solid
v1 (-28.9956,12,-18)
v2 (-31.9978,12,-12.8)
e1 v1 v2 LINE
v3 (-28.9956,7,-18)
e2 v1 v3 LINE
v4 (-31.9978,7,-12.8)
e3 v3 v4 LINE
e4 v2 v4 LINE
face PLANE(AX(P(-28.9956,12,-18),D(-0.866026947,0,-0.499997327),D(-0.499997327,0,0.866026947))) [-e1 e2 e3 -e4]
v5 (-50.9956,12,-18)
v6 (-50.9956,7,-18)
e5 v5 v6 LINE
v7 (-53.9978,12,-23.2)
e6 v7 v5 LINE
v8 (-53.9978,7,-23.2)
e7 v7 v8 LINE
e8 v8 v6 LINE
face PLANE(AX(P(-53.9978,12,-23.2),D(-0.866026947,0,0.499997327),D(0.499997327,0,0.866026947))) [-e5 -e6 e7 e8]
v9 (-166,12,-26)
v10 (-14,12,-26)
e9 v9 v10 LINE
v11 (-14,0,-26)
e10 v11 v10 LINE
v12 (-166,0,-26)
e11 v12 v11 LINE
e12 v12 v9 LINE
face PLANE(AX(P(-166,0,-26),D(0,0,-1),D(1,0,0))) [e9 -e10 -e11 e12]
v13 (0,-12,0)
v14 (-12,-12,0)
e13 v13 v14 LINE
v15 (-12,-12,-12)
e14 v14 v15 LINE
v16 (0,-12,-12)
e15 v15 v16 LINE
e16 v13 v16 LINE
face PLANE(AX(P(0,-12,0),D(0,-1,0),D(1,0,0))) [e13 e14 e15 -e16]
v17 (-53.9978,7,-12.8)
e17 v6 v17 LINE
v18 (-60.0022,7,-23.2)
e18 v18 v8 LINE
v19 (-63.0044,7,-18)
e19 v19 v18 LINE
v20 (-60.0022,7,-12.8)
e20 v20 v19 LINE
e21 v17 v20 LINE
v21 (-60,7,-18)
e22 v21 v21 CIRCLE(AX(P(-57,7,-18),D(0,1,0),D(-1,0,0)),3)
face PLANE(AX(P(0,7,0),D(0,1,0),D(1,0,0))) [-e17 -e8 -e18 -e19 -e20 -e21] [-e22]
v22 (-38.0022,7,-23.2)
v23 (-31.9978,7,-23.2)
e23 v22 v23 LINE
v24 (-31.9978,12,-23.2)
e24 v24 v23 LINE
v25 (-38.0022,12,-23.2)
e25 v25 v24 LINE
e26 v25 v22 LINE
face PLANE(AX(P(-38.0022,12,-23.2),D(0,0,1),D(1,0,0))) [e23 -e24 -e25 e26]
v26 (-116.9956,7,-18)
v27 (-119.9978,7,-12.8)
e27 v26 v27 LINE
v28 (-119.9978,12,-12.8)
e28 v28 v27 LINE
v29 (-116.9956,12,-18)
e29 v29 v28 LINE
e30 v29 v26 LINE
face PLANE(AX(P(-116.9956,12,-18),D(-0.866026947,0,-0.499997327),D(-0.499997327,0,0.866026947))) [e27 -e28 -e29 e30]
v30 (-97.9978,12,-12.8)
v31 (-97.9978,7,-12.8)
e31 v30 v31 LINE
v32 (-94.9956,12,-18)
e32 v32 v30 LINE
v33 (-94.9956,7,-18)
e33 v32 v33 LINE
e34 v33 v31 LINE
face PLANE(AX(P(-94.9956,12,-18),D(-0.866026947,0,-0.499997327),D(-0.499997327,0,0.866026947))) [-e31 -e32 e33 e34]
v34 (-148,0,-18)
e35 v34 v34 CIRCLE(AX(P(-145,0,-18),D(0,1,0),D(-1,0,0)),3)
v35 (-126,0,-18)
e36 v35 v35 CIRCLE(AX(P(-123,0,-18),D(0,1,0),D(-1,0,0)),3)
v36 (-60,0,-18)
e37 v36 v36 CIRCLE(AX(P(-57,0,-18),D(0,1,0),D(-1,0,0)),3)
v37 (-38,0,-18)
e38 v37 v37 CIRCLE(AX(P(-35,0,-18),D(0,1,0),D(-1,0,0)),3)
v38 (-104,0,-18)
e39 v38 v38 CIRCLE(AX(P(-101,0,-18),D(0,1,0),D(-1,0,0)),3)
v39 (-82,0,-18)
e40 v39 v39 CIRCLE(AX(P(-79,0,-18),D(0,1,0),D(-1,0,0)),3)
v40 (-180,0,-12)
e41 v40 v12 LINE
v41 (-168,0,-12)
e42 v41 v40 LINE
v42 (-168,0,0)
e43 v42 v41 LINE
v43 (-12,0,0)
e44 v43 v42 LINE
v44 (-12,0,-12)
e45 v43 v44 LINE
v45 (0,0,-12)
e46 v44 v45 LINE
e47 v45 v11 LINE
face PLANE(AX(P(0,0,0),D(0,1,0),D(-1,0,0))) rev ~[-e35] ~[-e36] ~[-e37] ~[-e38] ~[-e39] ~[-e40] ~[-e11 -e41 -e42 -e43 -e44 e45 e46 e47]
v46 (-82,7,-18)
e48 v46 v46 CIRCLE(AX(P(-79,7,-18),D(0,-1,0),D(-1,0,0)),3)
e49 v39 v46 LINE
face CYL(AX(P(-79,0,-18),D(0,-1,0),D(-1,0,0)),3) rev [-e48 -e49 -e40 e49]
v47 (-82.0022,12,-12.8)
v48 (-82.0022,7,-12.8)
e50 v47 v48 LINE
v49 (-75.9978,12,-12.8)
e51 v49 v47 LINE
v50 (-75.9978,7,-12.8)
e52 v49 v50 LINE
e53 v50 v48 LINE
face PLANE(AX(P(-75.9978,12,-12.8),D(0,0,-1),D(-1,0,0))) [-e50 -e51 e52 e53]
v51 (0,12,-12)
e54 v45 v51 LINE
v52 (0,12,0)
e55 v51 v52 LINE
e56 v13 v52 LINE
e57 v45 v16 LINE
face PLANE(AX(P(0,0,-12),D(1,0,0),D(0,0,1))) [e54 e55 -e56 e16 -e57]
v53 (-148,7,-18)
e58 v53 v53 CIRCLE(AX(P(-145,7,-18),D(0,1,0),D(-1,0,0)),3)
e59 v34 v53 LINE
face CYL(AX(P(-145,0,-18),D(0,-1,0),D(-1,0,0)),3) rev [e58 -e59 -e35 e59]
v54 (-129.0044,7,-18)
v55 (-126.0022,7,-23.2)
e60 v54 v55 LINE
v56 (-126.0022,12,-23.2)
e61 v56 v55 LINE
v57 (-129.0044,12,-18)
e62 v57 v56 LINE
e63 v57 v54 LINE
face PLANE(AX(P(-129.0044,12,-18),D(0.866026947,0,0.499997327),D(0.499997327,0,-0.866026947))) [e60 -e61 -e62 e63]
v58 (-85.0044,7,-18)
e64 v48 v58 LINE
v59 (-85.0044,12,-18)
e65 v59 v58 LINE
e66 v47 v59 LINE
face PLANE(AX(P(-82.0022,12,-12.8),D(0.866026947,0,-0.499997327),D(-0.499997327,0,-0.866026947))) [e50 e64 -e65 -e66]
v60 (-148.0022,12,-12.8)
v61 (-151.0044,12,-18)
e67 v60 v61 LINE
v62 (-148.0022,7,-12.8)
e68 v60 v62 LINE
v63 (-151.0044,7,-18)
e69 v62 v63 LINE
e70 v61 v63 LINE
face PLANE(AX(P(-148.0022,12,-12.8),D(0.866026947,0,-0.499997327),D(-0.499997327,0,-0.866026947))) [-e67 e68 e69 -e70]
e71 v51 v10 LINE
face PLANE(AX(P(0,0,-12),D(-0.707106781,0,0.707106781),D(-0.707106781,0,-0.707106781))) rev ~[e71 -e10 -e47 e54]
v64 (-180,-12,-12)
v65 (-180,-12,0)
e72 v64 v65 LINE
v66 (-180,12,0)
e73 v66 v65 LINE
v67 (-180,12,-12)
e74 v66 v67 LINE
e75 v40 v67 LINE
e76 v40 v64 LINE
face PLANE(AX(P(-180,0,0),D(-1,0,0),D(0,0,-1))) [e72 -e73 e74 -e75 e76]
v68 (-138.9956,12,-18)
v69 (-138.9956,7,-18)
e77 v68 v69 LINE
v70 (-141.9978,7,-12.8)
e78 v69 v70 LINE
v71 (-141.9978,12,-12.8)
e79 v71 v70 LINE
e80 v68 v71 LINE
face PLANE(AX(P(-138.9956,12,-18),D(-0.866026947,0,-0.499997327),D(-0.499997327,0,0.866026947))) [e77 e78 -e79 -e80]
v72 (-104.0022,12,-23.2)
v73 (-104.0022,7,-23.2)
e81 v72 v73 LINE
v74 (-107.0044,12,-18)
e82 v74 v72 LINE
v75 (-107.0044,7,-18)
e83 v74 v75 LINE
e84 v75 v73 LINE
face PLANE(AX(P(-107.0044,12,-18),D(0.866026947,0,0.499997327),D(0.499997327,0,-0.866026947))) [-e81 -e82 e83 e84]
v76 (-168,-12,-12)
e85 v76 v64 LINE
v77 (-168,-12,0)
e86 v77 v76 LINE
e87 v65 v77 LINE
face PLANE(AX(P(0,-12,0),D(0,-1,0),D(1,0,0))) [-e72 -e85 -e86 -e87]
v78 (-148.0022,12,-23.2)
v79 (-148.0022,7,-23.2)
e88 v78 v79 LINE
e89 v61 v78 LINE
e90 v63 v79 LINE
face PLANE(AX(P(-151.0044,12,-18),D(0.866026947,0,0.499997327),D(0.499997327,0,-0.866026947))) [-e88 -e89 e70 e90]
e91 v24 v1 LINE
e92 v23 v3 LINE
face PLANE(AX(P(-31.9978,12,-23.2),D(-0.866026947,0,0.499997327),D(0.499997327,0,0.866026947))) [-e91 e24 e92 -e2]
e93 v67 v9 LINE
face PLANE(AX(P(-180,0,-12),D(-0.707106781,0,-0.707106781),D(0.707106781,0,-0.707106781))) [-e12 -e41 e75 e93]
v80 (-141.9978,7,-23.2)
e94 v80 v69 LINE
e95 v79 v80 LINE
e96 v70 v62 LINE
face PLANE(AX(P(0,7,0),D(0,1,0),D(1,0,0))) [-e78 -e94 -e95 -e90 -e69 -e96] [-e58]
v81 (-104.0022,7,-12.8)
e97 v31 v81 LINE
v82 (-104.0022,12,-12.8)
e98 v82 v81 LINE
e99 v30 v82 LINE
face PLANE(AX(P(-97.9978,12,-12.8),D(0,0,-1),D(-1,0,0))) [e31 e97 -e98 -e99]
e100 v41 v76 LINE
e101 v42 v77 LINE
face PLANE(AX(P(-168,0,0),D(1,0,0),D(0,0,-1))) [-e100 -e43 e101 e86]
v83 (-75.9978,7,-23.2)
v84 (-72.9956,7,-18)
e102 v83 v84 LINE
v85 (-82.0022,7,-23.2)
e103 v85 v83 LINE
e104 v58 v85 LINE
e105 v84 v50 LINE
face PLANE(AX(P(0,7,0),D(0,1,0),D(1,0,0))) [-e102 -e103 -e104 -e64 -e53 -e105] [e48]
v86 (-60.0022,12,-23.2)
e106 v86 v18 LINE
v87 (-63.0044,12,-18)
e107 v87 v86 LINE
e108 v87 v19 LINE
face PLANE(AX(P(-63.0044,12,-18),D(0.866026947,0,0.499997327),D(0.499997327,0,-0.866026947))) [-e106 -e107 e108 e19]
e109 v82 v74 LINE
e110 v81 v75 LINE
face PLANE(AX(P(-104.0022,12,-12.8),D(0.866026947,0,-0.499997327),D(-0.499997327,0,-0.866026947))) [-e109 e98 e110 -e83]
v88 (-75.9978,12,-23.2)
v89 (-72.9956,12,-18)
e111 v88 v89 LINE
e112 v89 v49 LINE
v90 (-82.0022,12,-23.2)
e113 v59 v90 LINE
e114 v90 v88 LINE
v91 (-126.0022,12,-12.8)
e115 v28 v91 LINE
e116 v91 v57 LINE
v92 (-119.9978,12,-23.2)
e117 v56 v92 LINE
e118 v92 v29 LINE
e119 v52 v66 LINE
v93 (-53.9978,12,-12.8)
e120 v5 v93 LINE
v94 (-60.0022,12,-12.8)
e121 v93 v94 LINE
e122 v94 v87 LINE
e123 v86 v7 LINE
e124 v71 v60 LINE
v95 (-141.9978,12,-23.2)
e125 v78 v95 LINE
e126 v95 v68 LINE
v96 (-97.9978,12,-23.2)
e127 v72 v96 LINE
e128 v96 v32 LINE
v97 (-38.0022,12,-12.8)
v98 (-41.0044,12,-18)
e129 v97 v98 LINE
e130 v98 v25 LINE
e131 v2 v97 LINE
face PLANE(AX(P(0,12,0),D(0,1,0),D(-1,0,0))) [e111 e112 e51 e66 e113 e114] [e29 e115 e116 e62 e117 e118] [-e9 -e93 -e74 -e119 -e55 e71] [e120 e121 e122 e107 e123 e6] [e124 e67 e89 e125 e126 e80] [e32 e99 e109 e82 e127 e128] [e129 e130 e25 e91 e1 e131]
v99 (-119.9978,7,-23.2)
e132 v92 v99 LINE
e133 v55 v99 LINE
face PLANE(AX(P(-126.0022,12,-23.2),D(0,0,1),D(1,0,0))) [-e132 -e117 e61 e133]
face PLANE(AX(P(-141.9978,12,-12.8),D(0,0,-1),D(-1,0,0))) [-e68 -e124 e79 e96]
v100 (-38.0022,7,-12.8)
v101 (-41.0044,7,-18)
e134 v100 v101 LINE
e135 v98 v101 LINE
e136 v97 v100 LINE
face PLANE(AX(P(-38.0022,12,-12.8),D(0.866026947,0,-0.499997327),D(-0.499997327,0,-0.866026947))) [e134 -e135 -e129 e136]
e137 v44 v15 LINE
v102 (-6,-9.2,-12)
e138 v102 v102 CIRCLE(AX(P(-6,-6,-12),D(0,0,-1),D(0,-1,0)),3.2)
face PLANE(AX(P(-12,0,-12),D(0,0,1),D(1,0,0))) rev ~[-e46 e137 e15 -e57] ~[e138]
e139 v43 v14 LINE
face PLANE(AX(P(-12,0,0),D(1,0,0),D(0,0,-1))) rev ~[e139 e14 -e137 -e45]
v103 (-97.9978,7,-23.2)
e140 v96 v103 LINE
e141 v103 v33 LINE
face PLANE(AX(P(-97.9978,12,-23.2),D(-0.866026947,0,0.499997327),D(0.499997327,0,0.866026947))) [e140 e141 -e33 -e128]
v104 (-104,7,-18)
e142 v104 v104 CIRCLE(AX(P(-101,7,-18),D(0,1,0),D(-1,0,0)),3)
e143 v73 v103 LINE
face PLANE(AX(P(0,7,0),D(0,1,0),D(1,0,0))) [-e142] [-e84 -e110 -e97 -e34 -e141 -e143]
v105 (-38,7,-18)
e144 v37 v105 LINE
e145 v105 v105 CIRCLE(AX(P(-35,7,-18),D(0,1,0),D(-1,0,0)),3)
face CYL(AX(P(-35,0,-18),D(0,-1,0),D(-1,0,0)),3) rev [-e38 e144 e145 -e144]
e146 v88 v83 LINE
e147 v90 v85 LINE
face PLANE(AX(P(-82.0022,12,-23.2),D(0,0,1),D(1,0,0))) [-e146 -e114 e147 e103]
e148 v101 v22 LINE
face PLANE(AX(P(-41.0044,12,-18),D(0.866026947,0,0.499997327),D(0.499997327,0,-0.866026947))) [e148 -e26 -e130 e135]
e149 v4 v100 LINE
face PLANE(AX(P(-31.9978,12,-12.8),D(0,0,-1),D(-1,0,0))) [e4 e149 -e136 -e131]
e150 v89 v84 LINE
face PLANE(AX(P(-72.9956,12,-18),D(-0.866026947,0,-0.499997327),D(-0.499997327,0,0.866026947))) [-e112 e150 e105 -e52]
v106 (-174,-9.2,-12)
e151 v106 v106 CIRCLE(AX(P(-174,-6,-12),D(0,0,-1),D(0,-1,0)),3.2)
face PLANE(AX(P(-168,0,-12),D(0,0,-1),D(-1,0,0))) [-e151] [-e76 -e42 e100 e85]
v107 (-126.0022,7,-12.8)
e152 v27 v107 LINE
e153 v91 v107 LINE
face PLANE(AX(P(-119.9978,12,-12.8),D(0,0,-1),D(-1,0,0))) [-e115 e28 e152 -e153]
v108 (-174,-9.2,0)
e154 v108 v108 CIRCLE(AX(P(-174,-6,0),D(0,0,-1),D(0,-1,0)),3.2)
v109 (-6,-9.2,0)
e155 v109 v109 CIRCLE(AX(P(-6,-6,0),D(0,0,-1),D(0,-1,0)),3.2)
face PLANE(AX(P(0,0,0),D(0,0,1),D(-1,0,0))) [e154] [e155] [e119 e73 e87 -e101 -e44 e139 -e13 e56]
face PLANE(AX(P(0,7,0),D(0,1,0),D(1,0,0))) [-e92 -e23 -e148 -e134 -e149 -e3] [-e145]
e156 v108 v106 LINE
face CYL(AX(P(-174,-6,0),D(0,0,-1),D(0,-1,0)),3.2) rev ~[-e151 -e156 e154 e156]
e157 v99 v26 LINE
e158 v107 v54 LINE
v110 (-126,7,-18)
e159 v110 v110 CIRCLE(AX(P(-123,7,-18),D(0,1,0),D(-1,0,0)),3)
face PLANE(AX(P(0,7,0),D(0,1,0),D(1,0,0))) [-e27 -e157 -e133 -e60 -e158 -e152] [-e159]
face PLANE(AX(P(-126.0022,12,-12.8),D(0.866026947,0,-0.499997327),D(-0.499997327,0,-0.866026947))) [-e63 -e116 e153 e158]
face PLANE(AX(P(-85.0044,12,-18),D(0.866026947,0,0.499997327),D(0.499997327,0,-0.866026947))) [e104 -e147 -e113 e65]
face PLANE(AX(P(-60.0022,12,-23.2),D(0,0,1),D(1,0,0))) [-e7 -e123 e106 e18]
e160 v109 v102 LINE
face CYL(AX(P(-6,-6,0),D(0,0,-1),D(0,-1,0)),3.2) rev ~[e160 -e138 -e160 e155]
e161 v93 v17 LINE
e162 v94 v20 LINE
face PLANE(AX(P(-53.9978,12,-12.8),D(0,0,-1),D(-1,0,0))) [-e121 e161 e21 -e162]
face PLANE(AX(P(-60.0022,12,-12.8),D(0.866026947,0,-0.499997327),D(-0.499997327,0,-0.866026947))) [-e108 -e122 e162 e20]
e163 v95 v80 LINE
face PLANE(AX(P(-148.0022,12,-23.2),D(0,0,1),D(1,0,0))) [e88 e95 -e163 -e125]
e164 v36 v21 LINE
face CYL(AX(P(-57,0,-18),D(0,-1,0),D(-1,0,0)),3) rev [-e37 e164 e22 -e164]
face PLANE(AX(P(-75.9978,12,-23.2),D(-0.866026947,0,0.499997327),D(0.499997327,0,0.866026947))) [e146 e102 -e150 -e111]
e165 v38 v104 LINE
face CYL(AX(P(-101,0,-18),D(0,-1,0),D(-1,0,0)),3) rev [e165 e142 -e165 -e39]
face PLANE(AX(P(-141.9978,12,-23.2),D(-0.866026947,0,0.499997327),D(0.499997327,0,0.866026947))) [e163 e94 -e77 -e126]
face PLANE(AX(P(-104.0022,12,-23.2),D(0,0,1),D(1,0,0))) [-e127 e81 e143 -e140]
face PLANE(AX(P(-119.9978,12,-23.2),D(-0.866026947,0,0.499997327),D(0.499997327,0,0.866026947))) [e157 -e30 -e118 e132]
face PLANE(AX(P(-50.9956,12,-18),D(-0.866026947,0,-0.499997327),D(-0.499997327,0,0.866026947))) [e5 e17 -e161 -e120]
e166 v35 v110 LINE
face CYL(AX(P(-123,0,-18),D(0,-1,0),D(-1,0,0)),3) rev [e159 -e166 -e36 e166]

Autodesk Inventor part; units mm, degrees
ref_plane "YZ Plane" through (0, 0, 0) normal (1, 0, 0) x (0, 1, 0)
ref_plane "XZ Plane" through (0, 0, 0) normal (0, 1, 0) x (-1, 0, 0)
ref_plane "XY Plane" through (0, 0, 0) normal (0, 0, 1) x (1, 0, 0)
sketch "Sketch5" plane through (0, 0, 0) normal (0, 1, 0) x (-1, 0, 0)
  line L0 (0, 0) -> (180, 0)
  line L1 (180, 0) -> (180, -12)
  line L2 (0, -12) -> (0, 0)
  line L3 (166, -26) -> (14, -26)
  line L4 (0, -12) -> (14, -26)
  line L5 (180, -12) -> (166, -26)
  circle A0 centre (101, -18) radius 3
  circle A1 centre (79, -18) radius 3
  circle A2 centre (57, -18) radius 3
  circle A3 centre (123, -18) radius 3
  circle A4 centre (145, -18) radius 3
  circle A5 centre (35, -18) radius 3
  dimension "d57" = 6
  dimension "d58" = 79
  dimension "d59" = 180
  dimension "d60" = 12
  dimension "d61" = 14
  dimension "d62" = 14
  dimension "d63" = 14
  dimension "d64" = 14
  dimension "d65" = 152
  dimension "d66" = 8
  dimension "d67" = 6
  dimension "d68" = 6
  dimension "d69" = 6
  dimension "d70" = 6
  dimension "d71" = 8
  dimension "d72" = 8
  dimension "d73" = 8
  dimension "d74" = 8
  dimension "d75" = 22
  dimension "d76" = 22
  dimension "d77" = 22
  dimension "d78" = 22
  dimension "d95" = 6
  dimension "d96" = 0
  dimension "d97" = 22
extrude "Extrusion7" add sketch "Sketch5" along normal blind 12
sketch "Sketch8" plane through (0, 0, 0) normal (0, -1, 0) x (1, 0, 0)
  line L0 (0, 0) -> (0, -12) projected
  line L1 (0, 0) -> (-12, 0)
  line L2 (-12, 0) -> (-12, -12)
  line L3 (-12, -12) -> (0, -12)
  line L4 (0, -12) -> (0, 0)
  line L5 (-180, -12) -> (-180, 0) projected
  line L6 (-180, 0) -> (-168, 0)
  line L7 (-168, 0) -> (-168, -12)
  line L8 (-168, -12) -> (-180, -12)
  line L9 (-180, -12) -> (-180, 0)
  dimension "d100" = 12
  dimension "d101" = 12
  dimension "d102" = 12
  dimension "d103" = 12
extrude "Extrusion8" add sketch "Sketch8" along normal blind 12
sketch "Sketch11" plane through (0, 12, 0) normal (0, 1, 0) x (1, 0, 0)
  circle A0 centre (-35, 18) radius 3 projected
  line L0 (-38.0022, 12.8) -> (-41.0044, 18)
  line L1 (-41.0044, 18) -> (-38.0022, 23.2)
  line L2 (-38.0022, 23.2) -> (-31.9978, 23.2)
  line L3 (-31.9978, 23.2) -> (-28.9956, 18)
  line L4 (-28.9956, 18) -> (-31.9978, 12.8)
  line L5 (-31.9978, 12.8) -> (-38.0022, 12.8)
  circle A1 centre (-57, 18) radius 3 projected
  line L6 (-60.0022, 12.8) -> (-63.0044, 18)
  line L7 (-63.0044, 18) -> (-60.0022, 23.2)
  line L8 (-60.0022, 23.2) -> (-53.9978, 23.2)
  line L9 (-53.9978, 23.2) -> (-50.9956, 18)
  line L10 (-50.9956, 18) -> (-53.9978, 12.8)
  line L11 (-53.9978, 12.8) -> (-60.0022, 12.8)
  line L12 (-75.9978, 12.8) -> (-82.0022, 12.8)
  line L13 (-82.0022, 12.8) -> (-85.0044, 18)
  line L14 (-85.0044, 18) -> (-82.0022, 23.2)
  line L15 (-82.0022, 23.2) -> (-75.9978, 23.2)
  line L16 (-75.9978, 23.2) -> (-72.9956, 18)
  line L17 (-72.9956, 18) -> (-75.9978, 12.8)
  circle A2 centre (-101, 18) radius 3 projected
  line L18 (-104.0022, 12.8) -> (-107.0044, 18)
  line L19 (-107.0044, 18) -> (-104.0022, 23.2)
  line L20 (-104.0022, 23.2) -> (-97.9978, 23.2)
  line L21 (-97.9978, 23.2) -> (-94.9956, 18)
  line L22 (-94.9956, 18) -> (-97.9978, 12.8)
  line L23 (-97.9978, 12.8) -> (-104.0022, 12.8)
  circle A3 centre (-123, 18) radius 3 projected
  line L24 (-119.9978, 12.8) -> (-126.0022, 12.8)
  line L25 (-126.0022, 12.8) -> (-129.0044, 18)
  line L26 (-129.0044, 18) -> (-126.0022, 23.2)
  line L27 (-126.0022, 23.2) -> (-119.9978, 23.2)
  line L28 (-119.9978, 23.2) -> (-116.9956, 18)
  line L29 (-116.9956, 18) -> (-119.9978, 12.8)
  circle A4 centre (-145, 18) radius 3 projected
  line L30 (-148.0022, 12.8) -> (-151.0044, 18)
  line L31 (-151.0044, 18) -> (-148.0022, 23.2)
  line L32 (-148.0022, 23.2) -> (-141.9978, 23.2)
  line L33 (-141.9978, 23.2) -> (-138.9956, 18)
  line L34 (-138.9956, 18) -> (-141.9978, 12.8)
  line L35 (-141.9978, 12.8) -> (-148.0022, 12.8)
  point P0 (0, 0)
  point P1 (-79, 18)
  dimension "d123" = 5.2
  dimension "d125" = 5.2
  dimension "d126" = 5.2
  dimension "d127" = 5.2
  dimension "d128" = 5.2
  dimension "d129" = 22
extrude "Extrusion11" cut sketch "Sketch11" against normal blind 5
hole "Hole3" at (-6, -6, 0) direction (0, 0, -1) diameter 6.4 depth 12 tip angle 118
hole "Hole4" at (-174, -6, 0) direction (0, 0, -1) diameter 6.4 depth 12 tip angle 118
properties part number "frameBottomRight" material "ABS Plastic"
